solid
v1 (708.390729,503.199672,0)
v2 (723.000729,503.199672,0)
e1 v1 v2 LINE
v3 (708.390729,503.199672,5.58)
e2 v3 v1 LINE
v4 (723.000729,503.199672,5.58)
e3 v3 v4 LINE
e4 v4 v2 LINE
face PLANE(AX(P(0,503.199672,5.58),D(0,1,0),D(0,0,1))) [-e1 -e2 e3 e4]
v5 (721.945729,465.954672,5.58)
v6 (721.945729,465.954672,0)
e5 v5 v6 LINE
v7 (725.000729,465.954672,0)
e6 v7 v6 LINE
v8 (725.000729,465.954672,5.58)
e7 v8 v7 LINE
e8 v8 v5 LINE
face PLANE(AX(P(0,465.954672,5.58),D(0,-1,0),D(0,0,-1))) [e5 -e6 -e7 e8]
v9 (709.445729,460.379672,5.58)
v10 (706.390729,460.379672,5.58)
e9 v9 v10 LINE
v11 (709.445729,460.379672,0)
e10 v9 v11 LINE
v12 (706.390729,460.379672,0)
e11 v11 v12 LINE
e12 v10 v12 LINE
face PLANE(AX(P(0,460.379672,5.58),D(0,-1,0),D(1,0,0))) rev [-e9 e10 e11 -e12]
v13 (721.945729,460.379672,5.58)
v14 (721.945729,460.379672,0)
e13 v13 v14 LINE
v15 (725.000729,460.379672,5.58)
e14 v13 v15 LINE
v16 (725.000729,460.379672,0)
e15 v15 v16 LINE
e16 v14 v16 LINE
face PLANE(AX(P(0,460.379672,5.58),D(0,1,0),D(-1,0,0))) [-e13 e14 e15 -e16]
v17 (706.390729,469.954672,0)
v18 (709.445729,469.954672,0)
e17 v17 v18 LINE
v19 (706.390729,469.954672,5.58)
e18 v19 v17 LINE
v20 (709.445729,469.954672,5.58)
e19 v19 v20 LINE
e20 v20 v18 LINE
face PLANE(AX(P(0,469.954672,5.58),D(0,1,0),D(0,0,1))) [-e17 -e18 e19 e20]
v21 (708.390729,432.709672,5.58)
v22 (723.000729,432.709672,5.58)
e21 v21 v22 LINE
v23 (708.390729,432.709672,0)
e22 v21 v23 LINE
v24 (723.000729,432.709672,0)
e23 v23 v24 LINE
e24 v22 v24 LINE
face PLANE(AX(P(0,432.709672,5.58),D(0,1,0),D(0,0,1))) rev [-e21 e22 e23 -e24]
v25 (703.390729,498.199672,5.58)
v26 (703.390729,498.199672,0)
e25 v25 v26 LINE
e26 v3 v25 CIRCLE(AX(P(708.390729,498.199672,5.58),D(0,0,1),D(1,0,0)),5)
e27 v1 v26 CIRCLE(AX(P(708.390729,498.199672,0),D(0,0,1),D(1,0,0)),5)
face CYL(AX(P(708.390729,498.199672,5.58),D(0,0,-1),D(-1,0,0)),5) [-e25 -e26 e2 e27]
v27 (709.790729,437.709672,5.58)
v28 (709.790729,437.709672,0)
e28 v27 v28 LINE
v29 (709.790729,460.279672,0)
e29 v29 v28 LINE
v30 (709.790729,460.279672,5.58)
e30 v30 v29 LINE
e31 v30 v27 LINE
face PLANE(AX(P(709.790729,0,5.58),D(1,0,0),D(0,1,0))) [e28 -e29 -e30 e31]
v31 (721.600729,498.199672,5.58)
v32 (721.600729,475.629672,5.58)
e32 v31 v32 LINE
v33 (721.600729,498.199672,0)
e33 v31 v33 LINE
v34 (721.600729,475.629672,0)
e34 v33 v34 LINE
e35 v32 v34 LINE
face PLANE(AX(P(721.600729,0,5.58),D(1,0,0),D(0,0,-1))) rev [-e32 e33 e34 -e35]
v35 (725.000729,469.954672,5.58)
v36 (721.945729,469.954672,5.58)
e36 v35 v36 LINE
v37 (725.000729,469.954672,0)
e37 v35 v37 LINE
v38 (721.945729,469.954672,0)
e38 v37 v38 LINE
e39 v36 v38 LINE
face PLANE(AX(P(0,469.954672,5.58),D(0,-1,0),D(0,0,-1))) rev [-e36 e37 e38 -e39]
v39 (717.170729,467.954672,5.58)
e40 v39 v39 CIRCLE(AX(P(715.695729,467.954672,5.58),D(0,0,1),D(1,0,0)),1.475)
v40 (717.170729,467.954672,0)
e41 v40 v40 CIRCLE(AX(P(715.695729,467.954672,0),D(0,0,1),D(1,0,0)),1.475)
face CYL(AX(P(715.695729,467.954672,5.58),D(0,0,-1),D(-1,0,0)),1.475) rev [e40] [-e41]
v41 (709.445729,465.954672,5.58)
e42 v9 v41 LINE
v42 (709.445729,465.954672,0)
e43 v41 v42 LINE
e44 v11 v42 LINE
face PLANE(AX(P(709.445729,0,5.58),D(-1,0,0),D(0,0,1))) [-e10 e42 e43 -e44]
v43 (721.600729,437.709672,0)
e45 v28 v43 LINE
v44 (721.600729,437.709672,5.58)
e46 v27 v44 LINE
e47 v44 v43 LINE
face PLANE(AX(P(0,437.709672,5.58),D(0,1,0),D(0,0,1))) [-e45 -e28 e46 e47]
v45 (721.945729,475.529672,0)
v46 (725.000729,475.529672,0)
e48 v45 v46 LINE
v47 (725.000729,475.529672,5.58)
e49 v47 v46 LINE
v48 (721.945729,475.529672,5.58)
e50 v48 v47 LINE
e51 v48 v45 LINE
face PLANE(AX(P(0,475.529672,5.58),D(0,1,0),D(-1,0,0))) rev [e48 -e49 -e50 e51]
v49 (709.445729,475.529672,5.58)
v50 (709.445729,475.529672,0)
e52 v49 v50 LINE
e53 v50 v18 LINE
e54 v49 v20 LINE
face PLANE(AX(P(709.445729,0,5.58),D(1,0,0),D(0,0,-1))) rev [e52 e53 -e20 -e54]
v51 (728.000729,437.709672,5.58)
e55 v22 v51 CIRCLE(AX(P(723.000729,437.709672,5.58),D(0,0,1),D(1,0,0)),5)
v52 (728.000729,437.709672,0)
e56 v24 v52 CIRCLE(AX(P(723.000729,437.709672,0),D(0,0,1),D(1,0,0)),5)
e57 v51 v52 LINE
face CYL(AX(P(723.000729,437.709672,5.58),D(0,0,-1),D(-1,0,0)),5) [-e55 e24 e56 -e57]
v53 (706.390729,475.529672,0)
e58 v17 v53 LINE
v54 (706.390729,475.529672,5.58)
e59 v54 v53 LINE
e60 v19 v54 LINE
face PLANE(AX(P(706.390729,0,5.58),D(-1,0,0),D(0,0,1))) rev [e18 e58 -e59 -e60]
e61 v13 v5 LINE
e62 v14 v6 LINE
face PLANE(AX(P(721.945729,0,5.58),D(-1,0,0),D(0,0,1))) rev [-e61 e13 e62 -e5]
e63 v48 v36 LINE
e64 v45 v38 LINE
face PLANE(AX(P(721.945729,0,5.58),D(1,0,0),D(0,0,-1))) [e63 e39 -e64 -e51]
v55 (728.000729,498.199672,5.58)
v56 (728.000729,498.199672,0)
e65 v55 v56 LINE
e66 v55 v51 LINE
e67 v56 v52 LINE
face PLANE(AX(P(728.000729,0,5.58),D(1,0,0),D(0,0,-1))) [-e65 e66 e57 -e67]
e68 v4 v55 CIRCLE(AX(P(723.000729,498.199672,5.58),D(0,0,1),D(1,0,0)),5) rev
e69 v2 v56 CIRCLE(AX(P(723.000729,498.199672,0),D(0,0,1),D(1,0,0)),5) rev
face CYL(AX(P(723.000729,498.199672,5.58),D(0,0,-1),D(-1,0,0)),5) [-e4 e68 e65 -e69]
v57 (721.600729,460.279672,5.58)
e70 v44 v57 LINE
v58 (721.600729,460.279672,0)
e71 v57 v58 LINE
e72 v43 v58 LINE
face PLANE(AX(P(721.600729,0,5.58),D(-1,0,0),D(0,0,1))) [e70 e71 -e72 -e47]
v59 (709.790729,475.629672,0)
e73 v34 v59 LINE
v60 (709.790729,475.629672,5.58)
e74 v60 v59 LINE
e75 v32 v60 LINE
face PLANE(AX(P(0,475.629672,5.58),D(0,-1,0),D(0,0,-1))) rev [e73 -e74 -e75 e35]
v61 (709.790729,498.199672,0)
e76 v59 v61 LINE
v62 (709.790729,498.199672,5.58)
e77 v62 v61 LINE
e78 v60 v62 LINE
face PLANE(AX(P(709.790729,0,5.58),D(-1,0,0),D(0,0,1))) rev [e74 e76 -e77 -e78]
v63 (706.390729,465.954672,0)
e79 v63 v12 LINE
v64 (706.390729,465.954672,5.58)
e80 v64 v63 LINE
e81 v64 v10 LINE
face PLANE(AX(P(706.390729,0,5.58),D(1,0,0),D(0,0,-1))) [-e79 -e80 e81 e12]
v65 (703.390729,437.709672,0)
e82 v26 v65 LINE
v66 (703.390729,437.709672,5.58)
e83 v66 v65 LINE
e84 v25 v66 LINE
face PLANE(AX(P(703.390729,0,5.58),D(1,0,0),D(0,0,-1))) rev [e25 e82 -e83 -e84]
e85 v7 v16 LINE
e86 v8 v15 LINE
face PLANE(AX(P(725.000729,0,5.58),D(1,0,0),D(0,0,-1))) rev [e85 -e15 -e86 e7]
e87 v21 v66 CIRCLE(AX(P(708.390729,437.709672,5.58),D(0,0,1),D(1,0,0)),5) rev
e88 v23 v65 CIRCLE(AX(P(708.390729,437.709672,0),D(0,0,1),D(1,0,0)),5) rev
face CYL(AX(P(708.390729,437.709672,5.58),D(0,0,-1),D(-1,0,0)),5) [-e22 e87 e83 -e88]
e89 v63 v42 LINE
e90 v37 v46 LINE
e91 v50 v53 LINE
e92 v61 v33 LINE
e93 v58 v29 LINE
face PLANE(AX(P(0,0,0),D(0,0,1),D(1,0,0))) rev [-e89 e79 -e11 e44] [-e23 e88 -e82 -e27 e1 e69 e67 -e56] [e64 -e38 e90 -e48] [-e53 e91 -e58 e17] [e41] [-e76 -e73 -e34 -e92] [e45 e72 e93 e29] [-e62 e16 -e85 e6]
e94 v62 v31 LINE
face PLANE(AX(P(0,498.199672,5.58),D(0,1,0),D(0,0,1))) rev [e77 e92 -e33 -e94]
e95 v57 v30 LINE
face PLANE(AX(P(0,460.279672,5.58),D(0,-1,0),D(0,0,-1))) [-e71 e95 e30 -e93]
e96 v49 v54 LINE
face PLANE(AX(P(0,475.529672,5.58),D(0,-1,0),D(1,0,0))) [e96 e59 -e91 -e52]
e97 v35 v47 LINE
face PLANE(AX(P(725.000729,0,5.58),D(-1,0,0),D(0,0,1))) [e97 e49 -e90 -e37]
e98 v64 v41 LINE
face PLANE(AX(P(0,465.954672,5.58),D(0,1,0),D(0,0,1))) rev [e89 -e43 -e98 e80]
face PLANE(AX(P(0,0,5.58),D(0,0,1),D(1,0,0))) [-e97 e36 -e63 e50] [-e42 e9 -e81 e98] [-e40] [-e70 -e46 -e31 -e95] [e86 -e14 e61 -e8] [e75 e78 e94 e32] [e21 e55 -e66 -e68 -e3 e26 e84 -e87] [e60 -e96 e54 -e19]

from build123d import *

# Parameters (mm, degrees)
SKETCH1_W           = 3.055
SKETCH1_H           = 5.575
SKETCH1_W_2         = 11.81
SKETCH1_H_2         = 22.57
SKETCH1_R           = 1.475
BOSS_EXTRUDE1_DEPTH = 5.58


with BuildPart() as part:
    # Sketch1 → Boss-Extrude1 (new body)
    with BuildSketch(Plane.XY):
        with BuildLine():
            Line((708.390729089, 432.709671907), (715.695729089, 432.709671907))
            Line((715.695729089, 432.709671907), (723.000729089, 432.709671907))
            ThreePointArc((723.000729089, 432.709671907), (726.536262995, 434.174138001), (728.000729089, 437.709671907))
            Line((728.000729089, 437.709671907), (728.000729089, 498.199671907))
            ThreePointArc((728.000729089, 498.199671907), (726.536262995, 501.735205812), (723.000729089, 503.199671907))
            Line((723.000729089, 503.199671907), (715.695729089, 503.199671907))
            Line((715.695729089, 503.199671907), (708.390729089, 503.199671907))
            ThreePointArc((708.390729089, 503.199671907), (704.855195183, 501.735205812), (703.390729089, 498.199671907))
            Line((703.390729089, 498.199671907), (703.390729089, 437.709671907))
            ThreePointArc((703.390729089, 437.709671907), (704.855195183, 434.174138001), (708.390729089, 432.709671907))
        make_face()
        with Locations((707.918229089, 463.167171907)):
            Rectangle(SKETCH1_W, SKETCH1_H, mode=Mode.SUBTRACT)
        with Locations((715.695729089, 448.994671907)):
            Rectangle(SKETCH1_W_2, SKETCH1_H_2, mode=Mode.SUBTRACT)
        with Locations((715.695729089, 467.954671907)):
            Circle(SKETCH1_R, mode=Mode.SUBTRACT)
        with Locations((723.473229089, 463.167171907)):
            Rectangle(SKETCH1_W, SKETCH1_H, mode=Mode.SUBTRACT)
        with Locations((707.918229089, 472.742171907)):
            Rectangle(SKETCH1_W, SKETCH1_H, mode=Mode.SUBTRACT)
        with Locations((723.473229089, 472.742171907)):
            Rectangle(SKETCH1_W, SKETCH1_H, mode=Mode.SUBTRACT)
        with Locations((715.695729089, 486.914671907)):
            Rectangle(SKETCH1_W_2, SKETCH1_H_2, mode=Mode.SUBTRACT)
    extrude(amount=BOSS_EXTRUDE1_DEPTH)


solid = part.part
